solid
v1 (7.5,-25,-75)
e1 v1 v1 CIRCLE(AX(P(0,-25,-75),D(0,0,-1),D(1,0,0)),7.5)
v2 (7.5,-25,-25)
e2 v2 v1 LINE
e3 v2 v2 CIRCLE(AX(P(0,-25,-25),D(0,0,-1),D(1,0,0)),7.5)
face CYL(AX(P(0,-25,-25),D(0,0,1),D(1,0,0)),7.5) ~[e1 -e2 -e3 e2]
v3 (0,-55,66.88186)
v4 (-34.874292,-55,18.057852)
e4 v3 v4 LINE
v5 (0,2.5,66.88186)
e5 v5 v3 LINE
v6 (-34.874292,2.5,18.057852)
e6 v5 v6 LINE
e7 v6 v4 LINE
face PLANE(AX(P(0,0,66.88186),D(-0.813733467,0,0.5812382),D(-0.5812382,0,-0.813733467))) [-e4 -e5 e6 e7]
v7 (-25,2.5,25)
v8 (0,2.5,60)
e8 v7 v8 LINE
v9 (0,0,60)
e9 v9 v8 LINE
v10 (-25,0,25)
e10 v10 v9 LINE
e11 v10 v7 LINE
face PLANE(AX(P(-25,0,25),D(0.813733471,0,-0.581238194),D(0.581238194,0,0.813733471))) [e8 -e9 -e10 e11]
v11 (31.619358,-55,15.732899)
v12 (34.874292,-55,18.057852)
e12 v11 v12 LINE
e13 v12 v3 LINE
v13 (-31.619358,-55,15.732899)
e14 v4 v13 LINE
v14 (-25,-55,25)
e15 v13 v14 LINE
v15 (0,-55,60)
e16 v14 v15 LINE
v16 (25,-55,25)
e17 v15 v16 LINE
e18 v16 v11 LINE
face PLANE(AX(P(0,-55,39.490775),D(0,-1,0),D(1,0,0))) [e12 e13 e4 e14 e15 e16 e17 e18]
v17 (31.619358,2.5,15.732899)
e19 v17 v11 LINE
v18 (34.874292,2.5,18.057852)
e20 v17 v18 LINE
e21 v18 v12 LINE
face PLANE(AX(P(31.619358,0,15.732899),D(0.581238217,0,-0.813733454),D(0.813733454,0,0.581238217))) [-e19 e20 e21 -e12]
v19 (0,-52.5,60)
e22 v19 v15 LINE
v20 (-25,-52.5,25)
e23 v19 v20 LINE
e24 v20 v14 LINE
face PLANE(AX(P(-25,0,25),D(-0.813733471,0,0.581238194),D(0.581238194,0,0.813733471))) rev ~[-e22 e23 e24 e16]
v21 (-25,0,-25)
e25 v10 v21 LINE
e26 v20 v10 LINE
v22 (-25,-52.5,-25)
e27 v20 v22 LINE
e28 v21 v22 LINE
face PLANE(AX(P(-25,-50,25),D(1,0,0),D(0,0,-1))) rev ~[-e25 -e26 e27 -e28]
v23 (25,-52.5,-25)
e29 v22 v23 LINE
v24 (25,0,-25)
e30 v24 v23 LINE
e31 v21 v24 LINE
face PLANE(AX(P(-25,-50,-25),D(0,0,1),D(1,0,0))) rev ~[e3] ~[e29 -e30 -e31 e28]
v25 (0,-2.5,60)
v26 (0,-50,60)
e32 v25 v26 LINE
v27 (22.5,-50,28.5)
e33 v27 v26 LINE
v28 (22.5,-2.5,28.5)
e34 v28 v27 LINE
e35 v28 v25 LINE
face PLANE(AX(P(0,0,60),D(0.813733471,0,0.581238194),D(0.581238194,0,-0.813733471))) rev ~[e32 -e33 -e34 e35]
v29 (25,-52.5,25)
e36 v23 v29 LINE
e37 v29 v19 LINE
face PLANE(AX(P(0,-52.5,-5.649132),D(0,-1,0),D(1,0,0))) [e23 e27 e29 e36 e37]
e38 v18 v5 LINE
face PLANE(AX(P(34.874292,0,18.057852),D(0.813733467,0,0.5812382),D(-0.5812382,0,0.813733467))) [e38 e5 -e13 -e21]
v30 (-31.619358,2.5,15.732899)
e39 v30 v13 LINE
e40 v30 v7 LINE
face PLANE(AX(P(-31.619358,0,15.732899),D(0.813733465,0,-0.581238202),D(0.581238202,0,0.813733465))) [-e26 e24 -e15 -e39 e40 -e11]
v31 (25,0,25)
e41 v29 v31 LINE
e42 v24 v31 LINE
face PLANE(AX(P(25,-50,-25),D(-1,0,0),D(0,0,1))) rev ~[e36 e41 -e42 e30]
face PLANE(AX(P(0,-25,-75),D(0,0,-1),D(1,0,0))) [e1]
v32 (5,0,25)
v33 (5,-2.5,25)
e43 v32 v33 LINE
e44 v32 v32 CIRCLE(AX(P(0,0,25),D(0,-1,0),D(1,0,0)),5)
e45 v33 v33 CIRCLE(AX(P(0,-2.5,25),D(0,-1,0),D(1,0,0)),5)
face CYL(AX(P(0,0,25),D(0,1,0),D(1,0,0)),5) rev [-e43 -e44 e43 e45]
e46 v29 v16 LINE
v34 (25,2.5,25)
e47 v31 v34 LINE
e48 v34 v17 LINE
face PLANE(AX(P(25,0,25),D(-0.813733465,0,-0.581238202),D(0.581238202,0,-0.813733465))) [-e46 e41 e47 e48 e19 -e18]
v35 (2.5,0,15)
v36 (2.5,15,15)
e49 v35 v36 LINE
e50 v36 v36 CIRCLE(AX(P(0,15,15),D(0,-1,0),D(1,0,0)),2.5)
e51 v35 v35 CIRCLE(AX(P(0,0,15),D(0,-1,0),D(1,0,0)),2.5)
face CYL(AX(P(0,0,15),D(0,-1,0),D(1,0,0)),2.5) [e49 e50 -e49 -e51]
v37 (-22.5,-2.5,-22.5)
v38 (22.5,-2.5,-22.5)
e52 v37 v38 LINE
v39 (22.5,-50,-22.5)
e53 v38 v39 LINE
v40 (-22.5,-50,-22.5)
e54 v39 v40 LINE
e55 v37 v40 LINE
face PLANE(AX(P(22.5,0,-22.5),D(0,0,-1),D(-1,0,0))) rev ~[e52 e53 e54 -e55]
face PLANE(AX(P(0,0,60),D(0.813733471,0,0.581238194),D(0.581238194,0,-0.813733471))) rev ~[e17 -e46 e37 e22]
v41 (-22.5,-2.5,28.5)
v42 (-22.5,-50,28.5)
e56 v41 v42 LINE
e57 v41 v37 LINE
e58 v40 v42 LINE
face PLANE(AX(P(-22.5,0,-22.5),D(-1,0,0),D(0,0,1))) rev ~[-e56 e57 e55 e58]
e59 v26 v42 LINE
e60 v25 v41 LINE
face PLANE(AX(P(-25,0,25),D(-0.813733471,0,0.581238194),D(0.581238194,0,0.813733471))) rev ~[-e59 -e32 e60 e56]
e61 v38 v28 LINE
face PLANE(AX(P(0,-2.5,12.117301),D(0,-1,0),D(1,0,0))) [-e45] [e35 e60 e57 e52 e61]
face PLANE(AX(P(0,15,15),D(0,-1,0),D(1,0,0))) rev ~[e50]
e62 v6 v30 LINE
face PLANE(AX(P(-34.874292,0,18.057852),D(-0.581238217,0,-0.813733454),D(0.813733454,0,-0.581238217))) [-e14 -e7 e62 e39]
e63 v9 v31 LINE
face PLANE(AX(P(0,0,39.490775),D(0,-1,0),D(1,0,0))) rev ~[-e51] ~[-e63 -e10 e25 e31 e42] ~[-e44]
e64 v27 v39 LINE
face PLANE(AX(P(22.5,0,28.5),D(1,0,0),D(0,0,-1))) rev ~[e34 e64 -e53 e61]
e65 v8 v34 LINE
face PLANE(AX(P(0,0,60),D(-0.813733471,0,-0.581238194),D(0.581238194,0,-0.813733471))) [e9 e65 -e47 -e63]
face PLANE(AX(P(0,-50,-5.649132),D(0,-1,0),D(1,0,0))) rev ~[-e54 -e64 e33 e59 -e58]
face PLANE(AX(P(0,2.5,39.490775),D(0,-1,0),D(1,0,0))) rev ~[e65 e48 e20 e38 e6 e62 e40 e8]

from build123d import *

# Parameters (mm, degrees)
F0_R     = 2.5
F0_R_2   = 5
F1_DEPTH = 2.5
F2_DEPTH = 50
F4_DEPTH = 2.5
F5_DEPTH = 55
F6_DEPTH = 2.5
F7_DEPTH = 15
F8_R     = 7.5
F9_DEPTH = 50


with BuildPart() as f1:
    # F0 (on Front) → F1 (new body)
    with BuildSketch(Plane.XZ):
        Polygon((22.5, 25), (22.5, 28.5), (0, 60), (-22.5, 28.5), (-22.5, 25), (-22.5, -22.5), (22.5, -22.5), align=None)
        with Locations((0, 15)):
            Circle(F0_R, mode=Mode.SUBTRACT)
        with Locations((0, 25)):
            Circle(F0_R_2, mode=Mode.SUBTRACT)
        with Locations((0, 15)):
            Circle(F0_R)
    extrude(amount=F1_DEPTH)

    # F0 (on Front) → F2 (join)
    with BuildSketch(Plane.XZ):
        Polygon((-25, -25), (25, -25), (25, 25), (22.5, 28.5), (22.5, 25), (22.5, -22.5), (-22.5, -22.5), (-22.5, 25), (-22.5, 28.5), (-25, 25), align=None)
    extrude(amount=F2_DEPTH)

    # F3 (on face) → F4 (join)
    with BuildSketch(Plane.XZ.offset(50)):
        Polygon((22.5, 28.5), (22.5, 25), (22.5, -22.5), (-22.5, -22.5), (-22.5, 25), (-22.5, 28.5), (-25, 25), (-25, -25), (25, -25), (25, 25), align=None)
        Polygon((22.5, -22.5), (22.5, 25), (22.5, 28.5), (0, 60), (-22.5, 28.5), (-22.5, 25), (-22.5, -22.5), align=None)
    extrude(amount=F4_DEPTH)

    # F0 (on Front) → F5 (join)
    with BuildSketch(Plane.XZ):
        Polygon((22.5, 28.5), (25, 25), (31.619358, 15.732899), (34.874292, 18.057852), (0, 66.88186), (-34.874292, 18.057852), (-31.619358, 15.732899), (-25, 25), (-22.5, 28.5), (0, 60), align=None)
    extrude(amount=F5_DEPTH)

    # F0 (on Front) → F6 (join)
    with BuildSketch(Plane.XZ):
        Polygon((22.5, 28.5), (25, 25), (31.619358, 15.732899), (34.874292, 18.057852), (0, 66.88186), (-34.874292, 18.057852), (-31.619358, 15.732899), (-25, 25), (-22.5, 28.5), (0, 60), align=None)
    extrude(amount=-F6_DEPTH)

    # F0 (on Front) → F7 (join)
    with BuildSketch(Plane.XZ):
        with Locations((0, 15)):
            Circle(F0_R)
    extrude(amount=-F7_DEPTH)

    # F8 (on face) → F9 (join)
    with BuildSketch(Plane(origin=(0, 0, -25), x_dir=(1, 0, 0), z_dir=(0, 0, -1))):
        with Locations((0, 25)):
            Circle(F8_R)
    extrude(amount=F9_DEPTH)


solid = f1.part
